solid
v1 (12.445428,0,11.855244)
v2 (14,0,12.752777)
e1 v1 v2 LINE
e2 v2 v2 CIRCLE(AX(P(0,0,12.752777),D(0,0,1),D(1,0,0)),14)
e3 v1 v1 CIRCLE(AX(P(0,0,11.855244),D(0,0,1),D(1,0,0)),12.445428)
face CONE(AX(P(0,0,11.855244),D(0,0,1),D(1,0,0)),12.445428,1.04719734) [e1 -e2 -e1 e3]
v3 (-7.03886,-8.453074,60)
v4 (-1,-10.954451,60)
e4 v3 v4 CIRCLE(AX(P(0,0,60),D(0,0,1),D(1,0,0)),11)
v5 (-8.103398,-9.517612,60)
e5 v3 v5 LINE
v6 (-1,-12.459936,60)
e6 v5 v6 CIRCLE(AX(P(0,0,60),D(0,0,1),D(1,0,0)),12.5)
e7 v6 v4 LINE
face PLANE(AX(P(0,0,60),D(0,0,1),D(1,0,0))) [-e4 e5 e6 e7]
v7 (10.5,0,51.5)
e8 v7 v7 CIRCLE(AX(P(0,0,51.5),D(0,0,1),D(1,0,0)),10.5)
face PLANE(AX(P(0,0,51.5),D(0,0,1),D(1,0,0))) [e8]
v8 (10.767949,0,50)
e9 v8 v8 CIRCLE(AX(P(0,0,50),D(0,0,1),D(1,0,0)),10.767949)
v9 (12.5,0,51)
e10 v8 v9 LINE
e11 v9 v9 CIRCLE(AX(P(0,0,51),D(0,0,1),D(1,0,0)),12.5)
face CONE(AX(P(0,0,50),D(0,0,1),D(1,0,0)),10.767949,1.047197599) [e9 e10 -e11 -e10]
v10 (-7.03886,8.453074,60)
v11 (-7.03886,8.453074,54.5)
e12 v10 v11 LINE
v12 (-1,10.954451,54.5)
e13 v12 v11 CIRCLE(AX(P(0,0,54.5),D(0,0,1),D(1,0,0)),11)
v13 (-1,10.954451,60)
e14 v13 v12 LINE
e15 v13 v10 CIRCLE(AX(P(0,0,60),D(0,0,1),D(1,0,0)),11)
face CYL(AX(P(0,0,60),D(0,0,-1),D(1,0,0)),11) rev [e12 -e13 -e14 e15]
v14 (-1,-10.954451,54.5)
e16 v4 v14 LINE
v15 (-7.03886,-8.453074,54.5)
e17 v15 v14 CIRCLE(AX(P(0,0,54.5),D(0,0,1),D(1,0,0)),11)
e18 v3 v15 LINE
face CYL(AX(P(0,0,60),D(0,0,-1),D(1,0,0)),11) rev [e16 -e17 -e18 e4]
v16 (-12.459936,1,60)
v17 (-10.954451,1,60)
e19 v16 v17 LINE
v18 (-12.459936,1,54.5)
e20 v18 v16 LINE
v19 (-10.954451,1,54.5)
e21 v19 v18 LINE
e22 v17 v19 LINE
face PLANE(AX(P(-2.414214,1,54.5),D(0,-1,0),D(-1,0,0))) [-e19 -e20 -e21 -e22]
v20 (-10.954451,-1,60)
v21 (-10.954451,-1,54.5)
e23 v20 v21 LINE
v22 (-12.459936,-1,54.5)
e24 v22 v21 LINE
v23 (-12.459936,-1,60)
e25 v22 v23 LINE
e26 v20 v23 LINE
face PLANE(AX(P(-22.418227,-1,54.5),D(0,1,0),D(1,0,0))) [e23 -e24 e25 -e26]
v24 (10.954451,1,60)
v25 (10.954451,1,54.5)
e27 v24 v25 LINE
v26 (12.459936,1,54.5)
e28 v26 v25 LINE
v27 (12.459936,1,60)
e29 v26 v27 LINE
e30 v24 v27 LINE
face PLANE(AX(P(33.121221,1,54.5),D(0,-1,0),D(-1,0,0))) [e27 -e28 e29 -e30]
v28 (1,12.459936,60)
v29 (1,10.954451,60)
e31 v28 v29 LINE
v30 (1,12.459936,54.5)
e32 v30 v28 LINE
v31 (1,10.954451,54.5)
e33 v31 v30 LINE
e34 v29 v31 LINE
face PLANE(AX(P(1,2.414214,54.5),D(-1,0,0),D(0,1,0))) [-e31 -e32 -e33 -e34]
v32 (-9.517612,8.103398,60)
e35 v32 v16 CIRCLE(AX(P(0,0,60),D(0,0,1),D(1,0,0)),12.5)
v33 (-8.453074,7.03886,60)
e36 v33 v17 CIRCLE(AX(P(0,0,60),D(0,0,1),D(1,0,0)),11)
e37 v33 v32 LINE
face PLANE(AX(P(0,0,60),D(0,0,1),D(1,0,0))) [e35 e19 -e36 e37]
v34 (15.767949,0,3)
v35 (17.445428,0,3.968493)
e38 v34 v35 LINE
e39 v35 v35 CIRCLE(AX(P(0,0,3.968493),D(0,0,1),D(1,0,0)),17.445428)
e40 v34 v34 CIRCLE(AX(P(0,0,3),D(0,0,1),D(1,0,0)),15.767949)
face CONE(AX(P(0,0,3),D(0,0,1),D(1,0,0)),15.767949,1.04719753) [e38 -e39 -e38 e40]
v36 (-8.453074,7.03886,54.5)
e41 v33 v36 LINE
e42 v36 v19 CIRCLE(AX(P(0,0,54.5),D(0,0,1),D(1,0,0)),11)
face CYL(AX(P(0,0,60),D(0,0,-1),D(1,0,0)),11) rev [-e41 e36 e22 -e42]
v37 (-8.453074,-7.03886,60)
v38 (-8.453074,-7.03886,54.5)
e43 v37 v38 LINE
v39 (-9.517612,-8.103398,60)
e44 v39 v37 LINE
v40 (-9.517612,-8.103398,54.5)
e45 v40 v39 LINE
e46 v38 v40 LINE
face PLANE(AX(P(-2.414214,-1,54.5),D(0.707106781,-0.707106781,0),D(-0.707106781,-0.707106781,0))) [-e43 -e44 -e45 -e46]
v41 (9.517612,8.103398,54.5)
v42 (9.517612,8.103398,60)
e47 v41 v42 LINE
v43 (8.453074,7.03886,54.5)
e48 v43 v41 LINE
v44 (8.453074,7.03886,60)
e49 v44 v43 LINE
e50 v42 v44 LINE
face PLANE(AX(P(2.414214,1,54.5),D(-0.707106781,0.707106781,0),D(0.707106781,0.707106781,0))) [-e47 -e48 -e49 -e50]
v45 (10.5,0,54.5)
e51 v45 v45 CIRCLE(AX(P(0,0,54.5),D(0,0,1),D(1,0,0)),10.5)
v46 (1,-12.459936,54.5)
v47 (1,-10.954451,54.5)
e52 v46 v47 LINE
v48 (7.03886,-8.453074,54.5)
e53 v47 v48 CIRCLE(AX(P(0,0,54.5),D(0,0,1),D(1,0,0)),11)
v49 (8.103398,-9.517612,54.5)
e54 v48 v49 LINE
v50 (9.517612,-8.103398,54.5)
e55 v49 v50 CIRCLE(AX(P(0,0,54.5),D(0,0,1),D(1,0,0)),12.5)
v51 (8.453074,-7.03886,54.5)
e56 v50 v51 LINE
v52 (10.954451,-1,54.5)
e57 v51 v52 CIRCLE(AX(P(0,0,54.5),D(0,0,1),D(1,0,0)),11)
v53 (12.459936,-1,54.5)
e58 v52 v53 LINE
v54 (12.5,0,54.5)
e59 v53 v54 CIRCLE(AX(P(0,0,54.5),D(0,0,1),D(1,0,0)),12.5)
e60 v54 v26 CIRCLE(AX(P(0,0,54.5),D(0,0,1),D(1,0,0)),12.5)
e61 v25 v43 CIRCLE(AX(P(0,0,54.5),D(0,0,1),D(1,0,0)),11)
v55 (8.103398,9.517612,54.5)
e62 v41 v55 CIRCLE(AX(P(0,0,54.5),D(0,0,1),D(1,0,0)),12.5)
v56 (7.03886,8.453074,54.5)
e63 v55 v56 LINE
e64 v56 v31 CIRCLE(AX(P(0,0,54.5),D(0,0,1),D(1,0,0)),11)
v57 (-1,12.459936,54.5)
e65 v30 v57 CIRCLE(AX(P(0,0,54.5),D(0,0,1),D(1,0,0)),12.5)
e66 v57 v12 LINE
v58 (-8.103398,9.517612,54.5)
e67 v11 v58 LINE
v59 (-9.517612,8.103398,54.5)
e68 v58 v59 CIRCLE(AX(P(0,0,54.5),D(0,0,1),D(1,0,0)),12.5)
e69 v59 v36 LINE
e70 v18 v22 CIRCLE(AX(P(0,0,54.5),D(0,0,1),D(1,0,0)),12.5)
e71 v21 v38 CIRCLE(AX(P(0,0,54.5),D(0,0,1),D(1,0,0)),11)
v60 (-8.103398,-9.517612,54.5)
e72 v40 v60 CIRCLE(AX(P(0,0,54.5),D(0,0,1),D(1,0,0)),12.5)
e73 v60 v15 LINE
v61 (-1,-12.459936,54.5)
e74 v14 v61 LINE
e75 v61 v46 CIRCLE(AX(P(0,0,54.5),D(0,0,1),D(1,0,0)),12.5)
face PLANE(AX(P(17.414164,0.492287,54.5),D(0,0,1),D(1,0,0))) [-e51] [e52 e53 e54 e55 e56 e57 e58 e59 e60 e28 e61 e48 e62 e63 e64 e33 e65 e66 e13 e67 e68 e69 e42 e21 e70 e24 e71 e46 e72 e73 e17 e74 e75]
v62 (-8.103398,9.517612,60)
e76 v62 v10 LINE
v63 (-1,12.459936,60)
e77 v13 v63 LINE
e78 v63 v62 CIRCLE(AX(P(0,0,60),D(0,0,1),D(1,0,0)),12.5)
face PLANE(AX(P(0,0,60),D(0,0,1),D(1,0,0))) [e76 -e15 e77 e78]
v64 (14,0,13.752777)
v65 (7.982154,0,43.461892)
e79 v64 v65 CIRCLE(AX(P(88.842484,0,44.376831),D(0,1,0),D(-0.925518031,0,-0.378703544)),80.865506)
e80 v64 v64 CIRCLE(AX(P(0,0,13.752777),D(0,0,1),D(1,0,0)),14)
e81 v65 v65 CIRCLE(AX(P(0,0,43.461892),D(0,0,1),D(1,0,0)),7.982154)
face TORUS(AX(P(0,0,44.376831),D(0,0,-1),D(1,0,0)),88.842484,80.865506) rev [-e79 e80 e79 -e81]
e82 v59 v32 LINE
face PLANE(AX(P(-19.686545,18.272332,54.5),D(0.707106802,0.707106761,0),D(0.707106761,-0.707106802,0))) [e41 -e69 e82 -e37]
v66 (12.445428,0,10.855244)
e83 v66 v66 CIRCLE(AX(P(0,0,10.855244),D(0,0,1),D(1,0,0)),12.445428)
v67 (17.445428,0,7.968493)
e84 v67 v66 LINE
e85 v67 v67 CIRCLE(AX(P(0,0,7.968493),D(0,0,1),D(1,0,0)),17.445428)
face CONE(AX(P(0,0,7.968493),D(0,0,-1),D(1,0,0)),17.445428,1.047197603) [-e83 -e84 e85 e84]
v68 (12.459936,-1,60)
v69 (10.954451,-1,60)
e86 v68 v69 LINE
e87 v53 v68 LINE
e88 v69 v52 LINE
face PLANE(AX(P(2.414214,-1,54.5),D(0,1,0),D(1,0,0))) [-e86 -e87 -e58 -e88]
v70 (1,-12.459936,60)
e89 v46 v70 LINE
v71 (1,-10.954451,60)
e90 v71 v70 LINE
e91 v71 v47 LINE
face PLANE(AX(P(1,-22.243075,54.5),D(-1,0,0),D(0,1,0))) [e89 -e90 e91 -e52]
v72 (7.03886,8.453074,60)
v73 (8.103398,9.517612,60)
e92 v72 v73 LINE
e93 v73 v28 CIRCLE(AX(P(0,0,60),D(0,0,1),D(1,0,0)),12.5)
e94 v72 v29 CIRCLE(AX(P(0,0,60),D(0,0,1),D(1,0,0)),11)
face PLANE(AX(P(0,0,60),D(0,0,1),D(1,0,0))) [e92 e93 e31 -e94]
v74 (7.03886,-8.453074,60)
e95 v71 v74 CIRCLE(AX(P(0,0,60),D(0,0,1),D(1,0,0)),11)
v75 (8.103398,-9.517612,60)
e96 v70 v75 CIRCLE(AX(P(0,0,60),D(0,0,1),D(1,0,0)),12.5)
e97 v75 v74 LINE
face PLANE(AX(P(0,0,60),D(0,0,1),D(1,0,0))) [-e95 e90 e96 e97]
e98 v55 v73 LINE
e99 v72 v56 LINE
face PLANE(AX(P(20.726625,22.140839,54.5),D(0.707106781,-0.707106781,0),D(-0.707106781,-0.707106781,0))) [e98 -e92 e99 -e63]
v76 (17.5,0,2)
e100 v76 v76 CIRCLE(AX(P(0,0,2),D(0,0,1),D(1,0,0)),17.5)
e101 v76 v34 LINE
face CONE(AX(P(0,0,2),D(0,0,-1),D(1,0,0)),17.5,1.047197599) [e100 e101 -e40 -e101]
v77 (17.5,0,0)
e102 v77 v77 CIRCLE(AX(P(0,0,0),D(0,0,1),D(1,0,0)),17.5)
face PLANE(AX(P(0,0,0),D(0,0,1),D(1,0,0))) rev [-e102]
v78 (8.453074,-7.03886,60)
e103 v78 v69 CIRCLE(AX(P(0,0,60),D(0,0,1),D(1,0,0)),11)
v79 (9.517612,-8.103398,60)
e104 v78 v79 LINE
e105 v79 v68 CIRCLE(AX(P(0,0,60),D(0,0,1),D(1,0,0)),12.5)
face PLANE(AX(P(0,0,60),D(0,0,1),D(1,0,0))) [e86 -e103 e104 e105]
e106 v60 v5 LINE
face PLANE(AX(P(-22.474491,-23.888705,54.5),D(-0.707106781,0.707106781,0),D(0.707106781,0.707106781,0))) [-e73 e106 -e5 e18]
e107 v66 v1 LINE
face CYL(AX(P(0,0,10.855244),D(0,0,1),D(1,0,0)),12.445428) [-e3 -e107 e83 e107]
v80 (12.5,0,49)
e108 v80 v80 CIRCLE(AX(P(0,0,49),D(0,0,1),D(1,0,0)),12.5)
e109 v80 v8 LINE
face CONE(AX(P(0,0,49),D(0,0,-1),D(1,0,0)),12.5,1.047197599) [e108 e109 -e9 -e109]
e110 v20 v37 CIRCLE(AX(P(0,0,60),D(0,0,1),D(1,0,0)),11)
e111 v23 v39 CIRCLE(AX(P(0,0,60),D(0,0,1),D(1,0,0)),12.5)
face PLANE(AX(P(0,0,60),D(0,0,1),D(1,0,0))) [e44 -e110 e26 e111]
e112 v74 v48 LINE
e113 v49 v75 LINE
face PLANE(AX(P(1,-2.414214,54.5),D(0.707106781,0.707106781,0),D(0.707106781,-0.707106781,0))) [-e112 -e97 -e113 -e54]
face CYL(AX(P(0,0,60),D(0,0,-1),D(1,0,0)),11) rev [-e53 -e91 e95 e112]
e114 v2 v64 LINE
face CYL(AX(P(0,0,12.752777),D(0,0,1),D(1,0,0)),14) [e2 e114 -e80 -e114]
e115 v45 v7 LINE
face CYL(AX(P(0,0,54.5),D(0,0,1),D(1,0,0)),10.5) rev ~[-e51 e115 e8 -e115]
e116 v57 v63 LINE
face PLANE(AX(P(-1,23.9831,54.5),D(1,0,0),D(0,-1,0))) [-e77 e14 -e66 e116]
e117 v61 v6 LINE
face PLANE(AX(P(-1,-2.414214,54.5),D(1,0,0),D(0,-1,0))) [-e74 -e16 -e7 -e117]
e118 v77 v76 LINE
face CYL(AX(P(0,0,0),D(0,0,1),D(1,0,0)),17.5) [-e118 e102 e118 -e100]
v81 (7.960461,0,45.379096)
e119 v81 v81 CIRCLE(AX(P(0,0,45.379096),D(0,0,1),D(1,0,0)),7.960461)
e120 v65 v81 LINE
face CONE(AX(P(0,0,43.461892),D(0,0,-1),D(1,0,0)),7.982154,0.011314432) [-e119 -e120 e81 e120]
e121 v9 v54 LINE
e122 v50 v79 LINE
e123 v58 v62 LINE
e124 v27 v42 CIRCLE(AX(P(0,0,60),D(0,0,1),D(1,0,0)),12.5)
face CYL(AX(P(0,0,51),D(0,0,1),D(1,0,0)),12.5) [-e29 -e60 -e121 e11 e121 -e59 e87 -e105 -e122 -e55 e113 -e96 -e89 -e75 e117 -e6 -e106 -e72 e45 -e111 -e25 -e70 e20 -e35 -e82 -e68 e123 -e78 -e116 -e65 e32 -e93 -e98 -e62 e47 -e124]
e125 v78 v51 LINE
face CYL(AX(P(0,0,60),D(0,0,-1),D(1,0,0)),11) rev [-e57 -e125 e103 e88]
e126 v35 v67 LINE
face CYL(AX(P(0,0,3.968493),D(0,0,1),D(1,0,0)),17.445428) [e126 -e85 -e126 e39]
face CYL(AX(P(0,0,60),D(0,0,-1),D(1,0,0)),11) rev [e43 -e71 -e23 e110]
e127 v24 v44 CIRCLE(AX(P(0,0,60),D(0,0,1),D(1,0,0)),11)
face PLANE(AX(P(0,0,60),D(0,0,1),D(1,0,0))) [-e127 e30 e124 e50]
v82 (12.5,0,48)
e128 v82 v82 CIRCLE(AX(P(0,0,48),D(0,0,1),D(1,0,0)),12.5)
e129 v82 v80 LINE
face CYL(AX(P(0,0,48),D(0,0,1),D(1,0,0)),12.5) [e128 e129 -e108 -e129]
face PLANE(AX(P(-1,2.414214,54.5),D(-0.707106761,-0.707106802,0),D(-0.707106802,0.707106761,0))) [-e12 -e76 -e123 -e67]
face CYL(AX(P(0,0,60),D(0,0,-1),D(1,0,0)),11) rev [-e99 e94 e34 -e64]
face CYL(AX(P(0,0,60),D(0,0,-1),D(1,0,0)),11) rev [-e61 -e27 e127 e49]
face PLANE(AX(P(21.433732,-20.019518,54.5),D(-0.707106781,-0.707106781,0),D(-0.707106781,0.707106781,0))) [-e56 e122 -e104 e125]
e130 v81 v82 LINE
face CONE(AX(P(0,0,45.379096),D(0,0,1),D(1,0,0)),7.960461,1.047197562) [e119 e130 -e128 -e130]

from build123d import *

# Parameters (mm, degrees)
F3_DEPTH = 27
F4_R     = 10.5
F5_DEPTH = 3


with BuildPart() as f1:
    # F0 (on Front) → F1 (revolve)
    with BuildSketch(Plane.XZ):
        with BuildLine():
            Line((0, 6), (0, 0))
            Line((0, 0), (17.5, 0))
            Line((17.5, 0), (17.5, 2))
            Line((17.5, 2), (15.767949, 3))
            Line((15.767949, 3), (17.445428, 3.968493))
            Line((17.445428, 3.968493), (17.445428, 7.968493))
            Line((17.445428, 7.968493), (12.445428, 10.855244))
            Line((12.445428, 10.855244), (12.445428, 11.855244))
            Line((12.445428, 11.855244), (14, 12.752777))
            Line((14, 12.752777), (14, 13.752777))
            ThreePointArc((14, 13.752777), (9.586573, 28.322839), (7.982154, 43.461892))
            Line((7.982154, 43.461892), (7.960461, 45.379096))
            Line((7.960461, 45.379096), (12.5, 48))
            Line((12.5, 48), (12.5, 49))
            Line((12.5, 49), (10.767949, 50))
            Line((10.767949, 50), (12.5, 51))
            Line((12.5, 51), (12.5, 60))
            Line((12.5, 60), (11, 60))
            Line((11, 60), (11, 54.5))
            Line((11, 54.5), (0, 54.5))
            Line((0, 54.5), (0, 6))
        make_face()
    revolve(axis=Axis((0, 0, 30), (0, 0, 1)))

    # F2 (on face) → F3 (cut)
    with BuildSketch(Plane.XY.offset(54.5)):
        Polygon((1, 0), (0, 0), (-0.707107, 0.707107), (-1, 0.414214), (-1, -0.414214), (-0.414214, -1), (0.414214, -1), (1, -1), (1, -0.414214), align=None)
        Polygon((2.414214, 1), (1.414214, 0), (33.121221, 0), (33.121221, 1), align=None)
        Polygon((33.121221, 0), (1.414214, 0), (2.414214, -1), (33.121221, -1), align=None)
        Polygon((-1, 2.414214), (0, 1.414214), (0, 23.9831), (-1, 23.9831), align=None)
        Polygon((0, 23.9831), (0, 1.414214), (1, 2.414214), (1, 23.9831), align=None)
        Polygon((21.433732, 21.433732), (1, 1), (2.414214, 1), (22.140839, 20.726625), align=None)
        Polygon((1, 2.414214), (1, 1), (21.433732, 21.433732), (20.726625, 22.140839), align=None)
        Polygon((-18.999232, 18.999232), (-1, 1), (-1, 2.414214), (-18.31192, 19.726133), align=None)
        Polygon((-2.414214, 1), (-1, 1), (-18.999232, 18.999232), (-19.686545, 18.272332), align=None)
        Polygon((21.433732, -20.019518), (2.414214, -1), (1, -1), (1, -2.414214), (20.019518, -21.433732), align=None)
        Polygon((-2.414214, -1), (-1.414214, 0), (-2.414214, 1), (-22.418227, 1), (-22.418227, -1), align=None)
        Polygon((1, -22.243075), (1, -2.414214), (0, -1.414214), (-1, -2.414214), (-1, -22.243075), align=None)
        Polygon((-1, -2.414214), (-1, -1), (-2.414214, -1), (-23.888705, -22.474491), (-22.474491, -23.888705), align=None)
    extrude(amount=F3_DEPTH, mode=Mode.SUBTRACT)

    # F4 (on face) → F5 (cut)
    with BuildSketch(Plane.XY.offset(54.5)):
        Circle(F4_R)
    extrude(amount=-F5_DEPTH, mode=Mode.SUBTRACT)


solid = f1.part
